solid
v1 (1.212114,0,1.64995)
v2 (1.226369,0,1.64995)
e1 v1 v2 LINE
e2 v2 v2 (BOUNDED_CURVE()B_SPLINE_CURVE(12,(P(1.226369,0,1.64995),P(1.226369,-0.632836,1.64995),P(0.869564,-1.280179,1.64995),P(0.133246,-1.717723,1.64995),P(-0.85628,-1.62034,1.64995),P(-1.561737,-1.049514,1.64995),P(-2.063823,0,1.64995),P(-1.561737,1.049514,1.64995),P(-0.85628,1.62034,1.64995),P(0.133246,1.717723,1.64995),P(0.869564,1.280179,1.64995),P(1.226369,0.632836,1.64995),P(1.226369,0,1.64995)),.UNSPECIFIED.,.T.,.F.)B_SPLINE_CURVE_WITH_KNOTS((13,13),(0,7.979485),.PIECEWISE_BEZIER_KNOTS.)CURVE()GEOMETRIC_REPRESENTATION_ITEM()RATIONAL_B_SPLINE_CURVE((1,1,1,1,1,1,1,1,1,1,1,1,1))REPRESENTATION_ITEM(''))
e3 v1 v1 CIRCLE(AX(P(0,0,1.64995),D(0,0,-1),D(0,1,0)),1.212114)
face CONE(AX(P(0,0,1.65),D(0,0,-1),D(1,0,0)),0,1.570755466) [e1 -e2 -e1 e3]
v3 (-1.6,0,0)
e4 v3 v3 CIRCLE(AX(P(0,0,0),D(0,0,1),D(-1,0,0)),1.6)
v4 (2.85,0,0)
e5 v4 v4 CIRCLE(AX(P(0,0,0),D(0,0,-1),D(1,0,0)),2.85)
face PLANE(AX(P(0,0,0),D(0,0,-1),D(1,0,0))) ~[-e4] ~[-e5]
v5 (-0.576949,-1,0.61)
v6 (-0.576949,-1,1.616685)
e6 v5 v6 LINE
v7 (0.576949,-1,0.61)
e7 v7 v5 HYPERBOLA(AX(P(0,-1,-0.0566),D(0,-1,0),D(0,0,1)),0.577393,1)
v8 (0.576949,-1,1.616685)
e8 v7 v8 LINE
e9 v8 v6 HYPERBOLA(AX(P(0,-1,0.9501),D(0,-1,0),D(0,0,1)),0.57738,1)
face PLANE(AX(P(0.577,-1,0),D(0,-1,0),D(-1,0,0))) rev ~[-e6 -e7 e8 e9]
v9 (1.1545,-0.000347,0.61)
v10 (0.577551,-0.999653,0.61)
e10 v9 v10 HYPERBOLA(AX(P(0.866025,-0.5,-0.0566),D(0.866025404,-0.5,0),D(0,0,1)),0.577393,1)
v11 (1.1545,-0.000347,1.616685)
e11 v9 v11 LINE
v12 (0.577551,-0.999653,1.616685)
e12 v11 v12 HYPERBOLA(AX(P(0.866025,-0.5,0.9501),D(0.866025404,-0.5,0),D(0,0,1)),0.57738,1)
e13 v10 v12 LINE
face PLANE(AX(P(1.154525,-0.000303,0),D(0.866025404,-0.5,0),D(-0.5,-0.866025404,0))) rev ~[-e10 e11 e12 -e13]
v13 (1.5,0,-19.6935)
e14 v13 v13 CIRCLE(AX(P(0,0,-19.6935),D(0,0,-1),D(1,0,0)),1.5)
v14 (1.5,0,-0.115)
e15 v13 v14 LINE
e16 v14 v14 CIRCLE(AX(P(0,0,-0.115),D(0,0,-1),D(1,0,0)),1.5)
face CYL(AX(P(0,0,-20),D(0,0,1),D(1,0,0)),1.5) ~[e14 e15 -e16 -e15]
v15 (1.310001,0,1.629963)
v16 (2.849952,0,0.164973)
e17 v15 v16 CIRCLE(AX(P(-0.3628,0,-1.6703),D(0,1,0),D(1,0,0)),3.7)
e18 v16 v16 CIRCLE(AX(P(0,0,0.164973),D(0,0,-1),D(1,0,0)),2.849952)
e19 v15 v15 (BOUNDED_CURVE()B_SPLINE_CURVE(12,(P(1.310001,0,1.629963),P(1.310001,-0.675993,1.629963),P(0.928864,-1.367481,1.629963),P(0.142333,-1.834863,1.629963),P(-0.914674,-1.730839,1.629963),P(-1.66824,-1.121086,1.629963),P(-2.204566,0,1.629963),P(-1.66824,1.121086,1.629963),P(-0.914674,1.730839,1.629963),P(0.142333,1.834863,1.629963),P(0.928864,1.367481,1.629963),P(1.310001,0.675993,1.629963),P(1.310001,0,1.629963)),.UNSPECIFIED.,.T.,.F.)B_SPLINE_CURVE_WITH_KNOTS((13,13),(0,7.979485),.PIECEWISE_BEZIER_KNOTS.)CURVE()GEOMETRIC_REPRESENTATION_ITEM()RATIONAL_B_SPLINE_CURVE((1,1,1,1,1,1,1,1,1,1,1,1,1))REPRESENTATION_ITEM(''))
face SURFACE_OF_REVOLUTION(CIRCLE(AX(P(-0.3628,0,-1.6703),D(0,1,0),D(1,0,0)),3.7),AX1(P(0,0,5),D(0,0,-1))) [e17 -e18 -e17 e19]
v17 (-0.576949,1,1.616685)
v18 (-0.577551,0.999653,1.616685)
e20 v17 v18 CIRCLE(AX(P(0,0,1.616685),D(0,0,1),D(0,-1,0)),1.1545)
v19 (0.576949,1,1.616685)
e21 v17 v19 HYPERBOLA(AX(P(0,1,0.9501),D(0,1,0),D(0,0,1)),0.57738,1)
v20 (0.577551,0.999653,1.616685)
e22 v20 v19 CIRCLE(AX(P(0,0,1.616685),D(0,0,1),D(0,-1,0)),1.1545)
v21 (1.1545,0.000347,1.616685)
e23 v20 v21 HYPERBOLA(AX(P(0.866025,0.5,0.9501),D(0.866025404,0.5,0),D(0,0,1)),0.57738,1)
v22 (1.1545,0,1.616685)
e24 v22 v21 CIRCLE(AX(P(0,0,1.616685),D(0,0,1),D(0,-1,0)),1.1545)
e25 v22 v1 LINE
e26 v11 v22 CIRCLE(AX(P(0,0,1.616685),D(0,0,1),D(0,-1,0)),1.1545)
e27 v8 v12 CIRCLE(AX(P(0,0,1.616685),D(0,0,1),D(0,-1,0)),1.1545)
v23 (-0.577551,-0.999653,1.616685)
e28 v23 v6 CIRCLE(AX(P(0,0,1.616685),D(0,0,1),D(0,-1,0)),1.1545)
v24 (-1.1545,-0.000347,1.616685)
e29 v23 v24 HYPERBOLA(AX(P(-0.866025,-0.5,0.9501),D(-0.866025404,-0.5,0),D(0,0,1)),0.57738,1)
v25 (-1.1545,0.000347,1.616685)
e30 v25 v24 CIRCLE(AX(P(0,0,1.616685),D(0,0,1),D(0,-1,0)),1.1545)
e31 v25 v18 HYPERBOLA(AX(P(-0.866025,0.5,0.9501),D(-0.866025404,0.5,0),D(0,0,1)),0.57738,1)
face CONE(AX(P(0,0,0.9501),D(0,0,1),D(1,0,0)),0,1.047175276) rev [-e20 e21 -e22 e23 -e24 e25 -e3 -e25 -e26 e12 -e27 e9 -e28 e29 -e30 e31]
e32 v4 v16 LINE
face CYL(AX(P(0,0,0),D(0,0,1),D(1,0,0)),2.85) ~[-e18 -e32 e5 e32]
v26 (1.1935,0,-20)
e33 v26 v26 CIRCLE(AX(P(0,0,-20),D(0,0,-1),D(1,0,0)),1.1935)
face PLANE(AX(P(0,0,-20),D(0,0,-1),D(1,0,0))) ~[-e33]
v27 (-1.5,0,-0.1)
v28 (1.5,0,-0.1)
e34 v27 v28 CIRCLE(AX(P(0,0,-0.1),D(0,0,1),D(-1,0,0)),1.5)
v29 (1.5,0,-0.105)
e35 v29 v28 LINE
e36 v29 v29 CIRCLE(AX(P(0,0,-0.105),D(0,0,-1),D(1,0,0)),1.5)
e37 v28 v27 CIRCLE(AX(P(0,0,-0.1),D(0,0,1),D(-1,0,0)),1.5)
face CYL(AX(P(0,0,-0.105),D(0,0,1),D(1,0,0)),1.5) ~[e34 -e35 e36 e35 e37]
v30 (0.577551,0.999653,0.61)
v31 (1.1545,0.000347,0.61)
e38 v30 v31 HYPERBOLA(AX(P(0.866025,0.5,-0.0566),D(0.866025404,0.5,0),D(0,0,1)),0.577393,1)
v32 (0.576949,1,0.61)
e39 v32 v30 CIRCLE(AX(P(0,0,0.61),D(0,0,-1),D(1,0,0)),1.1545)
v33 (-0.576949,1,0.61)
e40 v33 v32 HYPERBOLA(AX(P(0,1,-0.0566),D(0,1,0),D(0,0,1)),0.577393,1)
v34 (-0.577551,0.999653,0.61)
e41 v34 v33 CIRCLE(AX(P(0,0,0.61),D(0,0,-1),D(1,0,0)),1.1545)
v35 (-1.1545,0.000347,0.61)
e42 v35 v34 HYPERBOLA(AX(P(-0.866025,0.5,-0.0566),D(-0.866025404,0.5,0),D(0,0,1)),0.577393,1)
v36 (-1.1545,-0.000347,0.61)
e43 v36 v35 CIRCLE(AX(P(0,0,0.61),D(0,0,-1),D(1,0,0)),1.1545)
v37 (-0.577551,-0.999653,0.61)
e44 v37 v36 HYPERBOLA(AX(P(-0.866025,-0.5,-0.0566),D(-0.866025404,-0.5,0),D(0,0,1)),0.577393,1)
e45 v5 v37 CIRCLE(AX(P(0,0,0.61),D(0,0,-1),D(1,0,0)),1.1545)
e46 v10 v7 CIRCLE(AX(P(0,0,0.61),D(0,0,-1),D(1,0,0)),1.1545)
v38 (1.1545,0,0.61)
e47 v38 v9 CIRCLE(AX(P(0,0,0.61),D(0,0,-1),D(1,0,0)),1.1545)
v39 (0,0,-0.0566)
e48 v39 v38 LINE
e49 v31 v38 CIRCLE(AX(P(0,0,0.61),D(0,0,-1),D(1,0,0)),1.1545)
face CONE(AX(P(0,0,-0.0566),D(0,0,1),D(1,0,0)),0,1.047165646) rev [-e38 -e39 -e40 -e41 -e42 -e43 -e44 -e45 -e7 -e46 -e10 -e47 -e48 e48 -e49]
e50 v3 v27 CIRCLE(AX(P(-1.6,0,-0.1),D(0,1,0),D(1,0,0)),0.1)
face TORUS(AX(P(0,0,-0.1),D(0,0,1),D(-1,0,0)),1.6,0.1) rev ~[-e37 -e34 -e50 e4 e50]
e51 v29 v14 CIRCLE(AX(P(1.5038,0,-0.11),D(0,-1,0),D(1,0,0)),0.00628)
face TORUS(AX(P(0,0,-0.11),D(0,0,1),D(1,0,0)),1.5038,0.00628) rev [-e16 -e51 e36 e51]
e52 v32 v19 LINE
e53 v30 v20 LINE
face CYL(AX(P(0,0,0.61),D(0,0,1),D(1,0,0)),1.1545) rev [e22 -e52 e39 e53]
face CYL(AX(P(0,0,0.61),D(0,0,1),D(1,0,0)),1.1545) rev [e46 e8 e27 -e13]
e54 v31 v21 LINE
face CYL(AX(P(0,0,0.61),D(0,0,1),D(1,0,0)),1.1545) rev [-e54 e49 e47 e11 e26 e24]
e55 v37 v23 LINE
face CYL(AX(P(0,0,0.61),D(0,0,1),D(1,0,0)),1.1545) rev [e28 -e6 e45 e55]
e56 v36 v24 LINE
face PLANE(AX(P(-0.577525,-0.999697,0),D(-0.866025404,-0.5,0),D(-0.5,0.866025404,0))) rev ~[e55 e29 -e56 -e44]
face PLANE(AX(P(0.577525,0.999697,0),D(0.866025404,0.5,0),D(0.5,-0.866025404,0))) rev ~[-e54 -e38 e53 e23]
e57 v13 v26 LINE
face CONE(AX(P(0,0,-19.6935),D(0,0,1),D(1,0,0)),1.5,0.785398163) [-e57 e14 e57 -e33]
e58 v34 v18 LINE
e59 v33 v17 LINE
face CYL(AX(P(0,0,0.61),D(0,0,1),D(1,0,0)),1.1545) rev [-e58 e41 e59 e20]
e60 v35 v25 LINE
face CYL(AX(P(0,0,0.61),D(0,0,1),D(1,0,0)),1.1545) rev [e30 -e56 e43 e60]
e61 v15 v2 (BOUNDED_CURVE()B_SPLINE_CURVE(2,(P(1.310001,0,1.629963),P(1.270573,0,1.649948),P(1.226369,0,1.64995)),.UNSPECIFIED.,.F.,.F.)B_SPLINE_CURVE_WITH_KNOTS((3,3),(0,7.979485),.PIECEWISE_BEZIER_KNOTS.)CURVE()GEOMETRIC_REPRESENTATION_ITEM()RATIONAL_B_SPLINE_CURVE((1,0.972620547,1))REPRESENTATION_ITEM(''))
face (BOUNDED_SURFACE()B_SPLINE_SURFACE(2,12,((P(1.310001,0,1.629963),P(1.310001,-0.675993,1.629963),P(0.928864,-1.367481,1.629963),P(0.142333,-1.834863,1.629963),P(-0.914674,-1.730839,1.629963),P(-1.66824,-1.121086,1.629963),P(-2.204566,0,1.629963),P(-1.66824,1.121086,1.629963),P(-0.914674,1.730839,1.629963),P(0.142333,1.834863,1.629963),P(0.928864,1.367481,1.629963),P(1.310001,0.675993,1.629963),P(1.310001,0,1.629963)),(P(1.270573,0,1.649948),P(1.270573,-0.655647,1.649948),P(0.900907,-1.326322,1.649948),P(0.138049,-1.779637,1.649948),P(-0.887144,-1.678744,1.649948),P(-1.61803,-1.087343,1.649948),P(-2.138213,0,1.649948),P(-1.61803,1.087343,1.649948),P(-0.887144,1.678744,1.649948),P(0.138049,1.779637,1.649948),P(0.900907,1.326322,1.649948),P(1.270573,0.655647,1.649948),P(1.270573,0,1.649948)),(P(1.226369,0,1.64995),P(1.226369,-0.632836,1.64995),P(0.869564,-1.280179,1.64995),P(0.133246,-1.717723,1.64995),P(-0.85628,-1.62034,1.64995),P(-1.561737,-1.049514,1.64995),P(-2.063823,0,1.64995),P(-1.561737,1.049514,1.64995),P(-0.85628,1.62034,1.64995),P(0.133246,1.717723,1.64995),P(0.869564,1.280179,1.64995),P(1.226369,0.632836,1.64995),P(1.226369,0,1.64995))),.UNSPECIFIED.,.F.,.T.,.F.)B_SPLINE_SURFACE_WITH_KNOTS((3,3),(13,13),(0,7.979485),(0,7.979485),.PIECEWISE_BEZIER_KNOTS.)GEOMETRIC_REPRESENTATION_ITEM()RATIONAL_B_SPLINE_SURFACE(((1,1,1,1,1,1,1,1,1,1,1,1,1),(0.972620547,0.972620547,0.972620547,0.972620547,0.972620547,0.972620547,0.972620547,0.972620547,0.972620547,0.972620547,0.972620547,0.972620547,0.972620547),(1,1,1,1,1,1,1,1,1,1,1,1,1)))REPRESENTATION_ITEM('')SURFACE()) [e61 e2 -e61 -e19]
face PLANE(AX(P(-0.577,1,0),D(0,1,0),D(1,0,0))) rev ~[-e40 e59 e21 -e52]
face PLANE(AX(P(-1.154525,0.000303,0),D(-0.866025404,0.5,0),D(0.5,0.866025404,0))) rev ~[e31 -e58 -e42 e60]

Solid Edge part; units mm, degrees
sketch "Sketch1" plane through (0, 0, 0) normal (0, -1, 0) x (1, 0, 0)
  line L0 (0, -20) -> (1.5, -20)
  line L1 (1.5, -20) -> (1.5, -0.115)
  arc A0 (1.5, -0.105) -> (1.5, -0.115) centre (1.5038, -0.11) ccw
  line L2 (1.5, -0.105) -> (1.5, 0)
  line L3 (1.5, 0) -> (2.85, 0)
  line L4 (2.85, 0) -> (2.85, 0.165)
  arc A1 (1.27, 1.65) -> (2.85, 0.165) centre (-0.3628, -1.6703) cw
  line L5 (0, 1.65) -> (1.27, 1.65)
  dimension "D1" = 19.885
  dimension "D2" = 1.5
  dimension "D3" = 1.27
  dimension "D4" = 2.85
  dimension "D5" = 0.165
  dimension "D6" = 1.65
  dimension "D7" = 3.7
  dimension "D8" = 20
  dimension "D9" = 0.01
  dimension "D10" = 0.0025
revolve "RevolvedProtrusion1" add sketch "Sketch1" angle 360 about axis through (0, 0, 5) along (0, 0, -1)
sketch "Sketch2" plane through (0, 0, 0) normal (0, -1, 0) x (1, 0, 0)
  line L0 (0, -0.0566) -> (1.1545, 0.61)
  line L1 (1.1545, 0.61) -> (1.1545, 1.65)
  line L2 (1.1545, 1.65) -> (0, 1.65)
  dimension "D1" = 1.1545
  dimension "D2" = 1.04
revolve "RevolvedCutout1" cut sketch "Sketch2" angle 360 about axis through (0, 0, 5.3) along (0, 0, -1)
sketch "Sketch3" plane through (0, 0, 0) normal (0, 0, -1) x (0, 1, 0)
  arc A0 (-1, 0.577) -> (-1, -0.577) centre (0, 0) ccw
  line L0 (-1, 0.577) -> (-1, -0.577)
  dimension "D1" = 1
extrude "Protrusion1" add sketch "Sketch3" against normal blind 1.65
pattern_circular "Pattern1" count 6 over 360 about axis through (0, 0, 0) along (0, 0, -1) of "Protrusion1"
fillet "Round_1" radius 0.185 1 edges at (-1.27, 0, 1.65)
sketch "Sketch4" plane through (0, 0, 0) normal (0, -1, 0) x (1, 0, 0)
  line L0 (0, 0.9501) -> (1.2122, 1.65)
  line L1 (1.2122, 1.65) -> (0, 1.65)
  dimension "D1" = 1.2122
revolve "RevolvedCutout2" cut sketch "Sketch4" angle 360 about axis through (0, 0, 5.3) along (0, 0, -1)
sketch "Sketch5" plane through (0, 0, 0) normal (0, -1, 0) x (1, 0, 0)
  line L0 (-1.5, 0) -> (-1.5, -0.1)
  line L1 (-1.6, 0) -> (-1.5, 0)
  arc A0 (-1.6, 0) -> (-1.5, -0.1) centre (-1.6, -0.1) cw
  dimension "D1" = 1.5
  dimension "D2" = 0.1
revolve "RevolvedProtrusion2" add sketch "Sketch5" angle 360 about axis through (0, 0, -0.5) along (0, 0, 1)
cosmetic_thread "Thread1" size "M3"
chamfer "Chamfer1" distance 0.3065 angle 45 1 edges at (-1.5, 0, -20)
properties material "Stahl"
